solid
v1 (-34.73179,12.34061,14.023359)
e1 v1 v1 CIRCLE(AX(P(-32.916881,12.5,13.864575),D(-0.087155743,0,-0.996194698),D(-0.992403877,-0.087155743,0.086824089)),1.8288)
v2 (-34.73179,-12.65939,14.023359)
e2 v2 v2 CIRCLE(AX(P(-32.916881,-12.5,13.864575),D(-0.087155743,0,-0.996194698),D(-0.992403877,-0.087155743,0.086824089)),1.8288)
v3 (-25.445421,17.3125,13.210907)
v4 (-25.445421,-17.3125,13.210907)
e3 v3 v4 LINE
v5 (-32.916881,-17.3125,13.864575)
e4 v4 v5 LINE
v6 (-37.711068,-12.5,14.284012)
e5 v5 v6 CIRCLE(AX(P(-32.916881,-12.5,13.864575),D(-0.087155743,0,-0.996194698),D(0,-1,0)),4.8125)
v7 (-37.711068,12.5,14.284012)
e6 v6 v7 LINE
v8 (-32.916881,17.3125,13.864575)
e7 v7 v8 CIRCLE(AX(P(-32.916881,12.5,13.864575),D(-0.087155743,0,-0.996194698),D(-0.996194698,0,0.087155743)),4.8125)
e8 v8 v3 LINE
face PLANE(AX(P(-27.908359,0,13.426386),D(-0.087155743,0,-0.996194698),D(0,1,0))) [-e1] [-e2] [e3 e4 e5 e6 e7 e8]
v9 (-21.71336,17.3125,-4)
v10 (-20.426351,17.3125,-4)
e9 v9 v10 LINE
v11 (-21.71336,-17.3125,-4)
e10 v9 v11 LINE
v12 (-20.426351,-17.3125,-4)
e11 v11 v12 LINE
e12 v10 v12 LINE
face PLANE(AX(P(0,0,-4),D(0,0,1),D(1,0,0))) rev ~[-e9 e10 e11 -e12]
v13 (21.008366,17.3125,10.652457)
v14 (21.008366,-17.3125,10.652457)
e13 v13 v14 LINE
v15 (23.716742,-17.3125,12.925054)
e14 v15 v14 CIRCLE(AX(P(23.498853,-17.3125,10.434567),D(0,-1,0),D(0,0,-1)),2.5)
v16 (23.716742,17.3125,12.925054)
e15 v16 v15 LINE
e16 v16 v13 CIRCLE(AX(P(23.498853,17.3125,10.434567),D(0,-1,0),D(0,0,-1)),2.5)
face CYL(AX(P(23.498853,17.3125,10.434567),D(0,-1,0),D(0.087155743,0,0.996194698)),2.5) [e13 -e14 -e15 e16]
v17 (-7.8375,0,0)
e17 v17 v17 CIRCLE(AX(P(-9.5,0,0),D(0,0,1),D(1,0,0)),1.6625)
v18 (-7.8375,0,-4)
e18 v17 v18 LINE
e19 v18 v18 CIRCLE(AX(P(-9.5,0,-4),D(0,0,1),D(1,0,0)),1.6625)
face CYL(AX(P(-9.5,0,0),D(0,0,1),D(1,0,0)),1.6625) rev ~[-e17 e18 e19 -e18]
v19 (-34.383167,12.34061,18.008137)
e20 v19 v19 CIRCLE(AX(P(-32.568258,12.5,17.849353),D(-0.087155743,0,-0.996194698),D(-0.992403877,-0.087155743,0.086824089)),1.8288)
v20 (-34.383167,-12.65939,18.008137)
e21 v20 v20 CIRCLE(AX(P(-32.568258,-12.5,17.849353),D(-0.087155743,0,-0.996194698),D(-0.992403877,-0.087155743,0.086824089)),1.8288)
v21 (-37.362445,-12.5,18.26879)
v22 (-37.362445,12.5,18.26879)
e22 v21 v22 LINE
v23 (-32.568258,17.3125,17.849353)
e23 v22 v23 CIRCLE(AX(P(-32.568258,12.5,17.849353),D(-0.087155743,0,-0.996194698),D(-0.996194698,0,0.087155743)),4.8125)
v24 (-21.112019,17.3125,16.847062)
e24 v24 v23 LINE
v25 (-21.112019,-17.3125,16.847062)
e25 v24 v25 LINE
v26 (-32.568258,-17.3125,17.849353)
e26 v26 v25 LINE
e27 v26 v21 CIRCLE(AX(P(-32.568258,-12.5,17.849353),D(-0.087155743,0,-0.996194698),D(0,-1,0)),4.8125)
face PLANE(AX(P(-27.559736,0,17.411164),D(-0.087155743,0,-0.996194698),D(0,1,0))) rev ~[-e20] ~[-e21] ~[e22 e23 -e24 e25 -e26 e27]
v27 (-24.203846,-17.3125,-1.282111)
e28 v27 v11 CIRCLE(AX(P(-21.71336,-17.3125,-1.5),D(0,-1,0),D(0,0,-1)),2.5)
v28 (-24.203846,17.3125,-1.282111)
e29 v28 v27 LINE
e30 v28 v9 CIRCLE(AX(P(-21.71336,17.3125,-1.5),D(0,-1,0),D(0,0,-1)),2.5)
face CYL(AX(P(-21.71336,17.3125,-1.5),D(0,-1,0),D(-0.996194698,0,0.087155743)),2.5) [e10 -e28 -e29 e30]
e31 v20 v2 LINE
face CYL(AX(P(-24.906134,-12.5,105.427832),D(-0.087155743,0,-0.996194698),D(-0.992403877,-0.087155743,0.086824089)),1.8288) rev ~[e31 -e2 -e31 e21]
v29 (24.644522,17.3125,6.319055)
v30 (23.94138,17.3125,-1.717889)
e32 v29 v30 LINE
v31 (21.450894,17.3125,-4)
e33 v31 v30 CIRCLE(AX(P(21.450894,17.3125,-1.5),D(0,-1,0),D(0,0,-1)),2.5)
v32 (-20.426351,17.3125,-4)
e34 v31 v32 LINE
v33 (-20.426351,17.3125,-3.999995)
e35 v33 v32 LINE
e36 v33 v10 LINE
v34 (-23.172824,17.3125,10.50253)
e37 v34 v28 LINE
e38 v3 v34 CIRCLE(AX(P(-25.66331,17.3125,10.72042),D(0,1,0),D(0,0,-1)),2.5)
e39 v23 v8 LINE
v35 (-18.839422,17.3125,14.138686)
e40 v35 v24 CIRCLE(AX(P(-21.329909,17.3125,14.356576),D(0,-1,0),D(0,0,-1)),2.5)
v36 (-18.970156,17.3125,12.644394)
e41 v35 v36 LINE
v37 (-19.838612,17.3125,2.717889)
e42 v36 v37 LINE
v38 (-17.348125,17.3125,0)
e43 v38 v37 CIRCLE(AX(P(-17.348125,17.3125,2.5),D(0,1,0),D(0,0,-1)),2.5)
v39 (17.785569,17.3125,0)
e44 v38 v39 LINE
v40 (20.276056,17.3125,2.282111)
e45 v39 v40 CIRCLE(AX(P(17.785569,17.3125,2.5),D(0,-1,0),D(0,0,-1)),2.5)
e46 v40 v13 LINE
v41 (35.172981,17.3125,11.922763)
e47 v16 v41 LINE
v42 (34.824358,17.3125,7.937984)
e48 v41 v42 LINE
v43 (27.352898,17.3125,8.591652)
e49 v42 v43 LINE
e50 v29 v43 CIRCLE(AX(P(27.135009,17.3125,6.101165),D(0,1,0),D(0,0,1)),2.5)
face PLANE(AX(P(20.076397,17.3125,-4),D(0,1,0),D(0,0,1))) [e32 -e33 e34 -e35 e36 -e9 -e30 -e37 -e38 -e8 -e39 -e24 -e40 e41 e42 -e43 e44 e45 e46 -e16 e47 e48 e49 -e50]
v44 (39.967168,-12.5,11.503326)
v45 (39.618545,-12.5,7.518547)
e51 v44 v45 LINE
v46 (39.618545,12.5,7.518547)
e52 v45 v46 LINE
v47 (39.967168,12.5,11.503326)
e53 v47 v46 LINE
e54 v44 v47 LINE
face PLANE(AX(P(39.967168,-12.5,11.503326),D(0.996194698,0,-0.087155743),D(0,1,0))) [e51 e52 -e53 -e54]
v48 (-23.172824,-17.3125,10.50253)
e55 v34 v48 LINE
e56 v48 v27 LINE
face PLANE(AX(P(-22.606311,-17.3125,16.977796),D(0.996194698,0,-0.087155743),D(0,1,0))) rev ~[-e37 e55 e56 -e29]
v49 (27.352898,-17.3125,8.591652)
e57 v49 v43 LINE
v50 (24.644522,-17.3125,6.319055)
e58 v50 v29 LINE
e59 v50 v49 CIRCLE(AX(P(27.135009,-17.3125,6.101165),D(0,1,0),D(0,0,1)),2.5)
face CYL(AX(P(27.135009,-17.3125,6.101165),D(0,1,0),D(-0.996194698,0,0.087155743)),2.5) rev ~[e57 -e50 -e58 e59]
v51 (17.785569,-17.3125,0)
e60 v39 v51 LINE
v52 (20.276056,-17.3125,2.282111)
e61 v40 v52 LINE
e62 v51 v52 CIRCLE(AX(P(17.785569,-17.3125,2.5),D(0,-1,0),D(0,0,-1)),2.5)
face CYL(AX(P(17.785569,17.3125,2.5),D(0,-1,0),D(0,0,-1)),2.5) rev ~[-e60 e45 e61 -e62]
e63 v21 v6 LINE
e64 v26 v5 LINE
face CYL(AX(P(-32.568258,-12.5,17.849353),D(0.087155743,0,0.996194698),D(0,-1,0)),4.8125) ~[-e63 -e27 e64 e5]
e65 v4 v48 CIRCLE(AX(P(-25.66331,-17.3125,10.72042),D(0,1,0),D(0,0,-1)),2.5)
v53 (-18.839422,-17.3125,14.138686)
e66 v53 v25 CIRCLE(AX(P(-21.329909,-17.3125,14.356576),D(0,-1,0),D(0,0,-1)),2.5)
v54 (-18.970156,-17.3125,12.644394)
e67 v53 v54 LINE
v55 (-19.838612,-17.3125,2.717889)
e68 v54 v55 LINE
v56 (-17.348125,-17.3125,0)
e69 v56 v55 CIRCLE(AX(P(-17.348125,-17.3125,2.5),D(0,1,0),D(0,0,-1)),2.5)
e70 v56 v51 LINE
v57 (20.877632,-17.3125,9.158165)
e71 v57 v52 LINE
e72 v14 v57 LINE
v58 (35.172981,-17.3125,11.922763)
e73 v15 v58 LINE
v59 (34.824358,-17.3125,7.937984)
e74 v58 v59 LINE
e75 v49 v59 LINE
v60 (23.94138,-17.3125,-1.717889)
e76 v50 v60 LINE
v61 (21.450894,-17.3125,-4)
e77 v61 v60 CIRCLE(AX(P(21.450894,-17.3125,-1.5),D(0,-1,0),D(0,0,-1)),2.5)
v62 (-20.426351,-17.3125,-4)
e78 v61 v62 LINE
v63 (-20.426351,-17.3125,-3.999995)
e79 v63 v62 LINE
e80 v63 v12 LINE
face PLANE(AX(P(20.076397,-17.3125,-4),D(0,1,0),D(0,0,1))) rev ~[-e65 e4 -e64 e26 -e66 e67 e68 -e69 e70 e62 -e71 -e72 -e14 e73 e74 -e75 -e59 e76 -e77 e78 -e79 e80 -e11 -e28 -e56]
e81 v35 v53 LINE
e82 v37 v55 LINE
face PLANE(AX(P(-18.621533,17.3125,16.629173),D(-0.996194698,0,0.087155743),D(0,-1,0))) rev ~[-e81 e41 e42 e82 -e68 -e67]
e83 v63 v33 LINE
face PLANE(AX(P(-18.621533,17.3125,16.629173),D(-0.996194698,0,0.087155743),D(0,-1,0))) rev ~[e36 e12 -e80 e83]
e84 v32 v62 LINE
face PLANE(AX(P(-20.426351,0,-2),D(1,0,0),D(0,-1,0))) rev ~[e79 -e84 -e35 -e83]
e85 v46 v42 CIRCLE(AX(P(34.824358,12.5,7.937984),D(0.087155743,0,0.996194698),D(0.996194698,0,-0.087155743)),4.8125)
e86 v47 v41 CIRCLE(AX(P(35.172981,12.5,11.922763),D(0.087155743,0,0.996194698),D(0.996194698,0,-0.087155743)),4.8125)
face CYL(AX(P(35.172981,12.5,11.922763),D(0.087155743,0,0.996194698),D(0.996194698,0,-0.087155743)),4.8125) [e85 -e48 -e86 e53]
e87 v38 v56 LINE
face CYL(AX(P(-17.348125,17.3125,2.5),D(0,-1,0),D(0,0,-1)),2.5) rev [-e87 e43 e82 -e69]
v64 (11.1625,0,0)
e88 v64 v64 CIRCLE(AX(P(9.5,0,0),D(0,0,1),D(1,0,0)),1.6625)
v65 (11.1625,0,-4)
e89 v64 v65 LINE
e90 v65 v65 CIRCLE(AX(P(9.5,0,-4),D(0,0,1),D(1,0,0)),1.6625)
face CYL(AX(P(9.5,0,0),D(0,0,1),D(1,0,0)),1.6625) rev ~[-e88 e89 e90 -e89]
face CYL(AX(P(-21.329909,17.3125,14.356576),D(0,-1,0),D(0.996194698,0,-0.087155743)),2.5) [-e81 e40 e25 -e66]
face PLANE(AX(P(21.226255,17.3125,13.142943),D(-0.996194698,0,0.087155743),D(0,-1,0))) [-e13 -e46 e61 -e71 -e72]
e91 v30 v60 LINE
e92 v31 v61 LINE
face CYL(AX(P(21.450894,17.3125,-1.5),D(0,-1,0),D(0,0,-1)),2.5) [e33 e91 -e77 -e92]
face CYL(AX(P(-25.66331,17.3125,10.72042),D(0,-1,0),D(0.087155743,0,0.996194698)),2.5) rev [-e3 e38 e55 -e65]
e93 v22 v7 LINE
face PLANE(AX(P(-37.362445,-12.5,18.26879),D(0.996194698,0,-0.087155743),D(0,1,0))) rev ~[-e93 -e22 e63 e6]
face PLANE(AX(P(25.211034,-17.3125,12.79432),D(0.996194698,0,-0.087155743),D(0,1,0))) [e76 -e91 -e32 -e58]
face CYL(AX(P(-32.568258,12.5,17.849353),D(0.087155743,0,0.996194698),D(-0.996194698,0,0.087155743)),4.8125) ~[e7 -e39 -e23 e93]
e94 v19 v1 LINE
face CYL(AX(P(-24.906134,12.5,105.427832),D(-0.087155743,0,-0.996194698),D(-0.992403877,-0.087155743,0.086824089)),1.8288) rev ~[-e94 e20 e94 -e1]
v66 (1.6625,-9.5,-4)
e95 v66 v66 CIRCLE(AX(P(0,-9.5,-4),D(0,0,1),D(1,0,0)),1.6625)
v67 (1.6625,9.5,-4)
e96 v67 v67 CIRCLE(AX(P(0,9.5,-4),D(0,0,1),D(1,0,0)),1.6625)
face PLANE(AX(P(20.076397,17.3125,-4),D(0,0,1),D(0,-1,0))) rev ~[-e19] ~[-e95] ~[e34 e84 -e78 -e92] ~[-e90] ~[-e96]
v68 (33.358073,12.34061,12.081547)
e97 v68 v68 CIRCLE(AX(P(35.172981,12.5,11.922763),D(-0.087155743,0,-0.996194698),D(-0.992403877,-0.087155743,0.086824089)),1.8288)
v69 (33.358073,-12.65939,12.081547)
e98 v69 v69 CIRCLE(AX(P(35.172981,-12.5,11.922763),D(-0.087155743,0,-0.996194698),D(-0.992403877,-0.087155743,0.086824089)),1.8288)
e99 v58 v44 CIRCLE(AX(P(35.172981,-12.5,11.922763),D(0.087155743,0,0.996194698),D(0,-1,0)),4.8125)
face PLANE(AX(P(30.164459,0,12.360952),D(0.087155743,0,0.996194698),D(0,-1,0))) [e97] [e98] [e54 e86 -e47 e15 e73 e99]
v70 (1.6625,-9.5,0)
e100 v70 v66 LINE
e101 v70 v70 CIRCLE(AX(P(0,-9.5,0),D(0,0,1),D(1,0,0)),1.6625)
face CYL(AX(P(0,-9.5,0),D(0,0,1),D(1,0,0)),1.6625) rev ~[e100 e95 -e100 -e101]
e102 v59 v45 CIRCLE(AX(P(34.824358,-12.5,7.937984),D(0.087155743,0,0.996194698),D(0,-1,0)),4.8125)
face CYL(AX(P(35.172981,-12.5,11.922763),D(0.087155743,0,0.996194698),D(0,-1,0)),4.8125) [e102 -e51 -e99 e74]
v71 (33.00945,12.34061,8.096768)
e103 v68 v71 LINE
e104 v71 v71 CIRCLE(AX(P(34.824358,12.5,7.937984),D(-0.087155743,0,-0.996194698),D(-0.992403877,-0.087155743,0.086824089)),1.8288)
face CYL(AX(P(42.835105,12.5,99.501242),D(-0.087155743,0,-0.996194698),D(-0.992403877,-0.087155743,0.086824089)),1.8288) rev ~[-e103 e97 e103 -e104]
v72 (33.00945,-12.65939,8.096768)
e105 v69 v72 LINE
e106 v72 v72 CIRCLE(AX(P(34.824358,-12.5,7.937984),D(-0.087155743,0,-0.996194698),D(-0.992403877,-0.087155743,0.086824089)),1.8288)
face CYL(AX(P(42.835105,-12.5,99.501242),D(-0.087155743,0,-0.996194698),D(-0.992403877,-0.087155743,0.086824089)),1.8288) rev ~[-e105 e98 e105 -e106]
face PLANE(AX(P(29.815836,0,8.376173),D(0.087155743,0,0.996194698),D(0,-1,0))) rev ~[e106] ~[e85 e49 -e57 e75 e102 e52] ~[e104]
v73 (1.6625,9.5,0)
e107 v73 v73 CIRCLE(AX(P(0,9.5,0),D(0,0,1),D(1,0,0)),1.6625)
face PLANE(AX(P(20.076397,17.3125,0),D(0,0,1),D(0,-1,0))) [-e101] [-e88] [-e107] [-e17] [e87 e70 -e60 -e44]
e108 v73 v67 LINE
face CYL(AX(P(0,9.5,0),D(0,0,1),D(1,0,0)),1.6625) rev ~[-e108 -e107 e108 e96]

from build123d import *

# Parameters (mm, degrees)
SKETCH1_W             = 34.625
SKETCH1_H             = 34.625
SKETCH1_R             = 1.6625
BOSS_EXTRUDE1_DEPTH   = 4
BOSS_EXTRUDE2_DEPTH   = 4
BOSS_EXTRUDE2_2_DEPTH = 4
BOSS_EXTRUDE3_REACH   = 48.674
SKETCH7_W             = 4
SKETCH7_H             = 34.625
BOSS_EXTRUDE4_START   = -3.113851
SKETCH8_W             = 34.625
SKETCH8_H             = 4
BOSS_EXTRUDE4_DEPTH   = 3.113851
BOSS_EXTRUDE5_START   = -2.763897
SKETCH9_W             = 34.625
SKETCH9_H             = 4
BOSS_EXTRUDE5_DEPTH   = 2.763897
F_6_CLEARANCE_HOLE1_D = 3.6576
FILLET1_R             = 2.5


with BuildPart() as part:
    # Sketch1 → Boss-Extrude1 (new body)
    with BuildSketch(Plane.XY):
        Rectangle(SKETCH1_W, SKETCH1_H)
        with Locations((0, 9.5)):
            Circle(SKETCH1_R, mode=Mode.SUBTRACT)
        with Locations((9.5, 0)):
            Circle(SKETCH1_R, mode=Mode.SUBTRACT)
        with Locations((-9.5, 0)):
            Circle(SKETCH1_R, mode=Mode.SUBTRACT)
        with Locations((0, -9.5)):
            Circle(SKETCH1_R, mode=Mode.SUBTRACT)
    extrude(amount=-BOSS_EXTRUDE1_DEPTH)



with BuildPart() as body_2:
    # Sketch6 → Boss-Extrude2 (new body)
    with BuildSketch(Plane(origin=(378.277411027, 0, -18.094985133), x_dir=(0, 1, 0), z_dir=(-0.08715574274765159, 0, -0.9961946980917462))):
        with BuildLine():
            Line((-12.5, -417.227533142), (12.5, -417.227533142))
            ThreePointArc((12.5, -417.227533142), (15.902951384, -415.817984526), (17.3125, -412.415033142))
            Line((17.3125, -412.415033142), (17.3125, -398.415033142))
            Line((17.3125, -398.415033142), (-17.3125, -398.415033142))
            Line((-17.3125, -398.415033142), (-17.3125, -412.415033142))
            ThreePointArc((-17.3125, -412.415033142), (-15.902951384, -415.817984526), (-12.5, -417.227533142))
        make_face()
    extrude(amount=BOSS_EXTRUDE2_DEPTH)



with BuildPart() as body_3:
    # Sketch6 → Boss-Extrude2 2 (new body)
    with BuildSketch(Plane(origin=(378.277411027, 0, -18.094985133), x_dir=(0, 1, 0), z_dir=(-0.08715574274765159, 0, -0.9961946980917462))):
        with BuildLine():
            ThreePointArc((12.5, -339.602533142), (15.902951384, -341.012081757), (17.3125, -344.415033142))
            Line((17.3125, -344.415033142), (17.3125, -358.415033142))
            Line((17.3125, -358.415033142), (-17.3125, -358.415033142))
            Line((-17.3125, -358.415033142), (-17.3125, -344.415033142))
            ThreePointArc((-17.3125, -344.415033142), (-15.902951384, -341.012081757), (-12.5, -339.602533142))
            Line((-12.5, -339.602533142), (12.5, -339.602533142))
        make_face()
    extrude(amount=BOSS_EXTRUDE2_2_DEPTH)


with BuildPart() as body_2_1:
    add(body_2.part)

    add(body_3.part)  # Boss-Extrude3 merges body 3
    # Boss-Extrude3: up to this plane
    boss_extrude3_end = Plane(origin=(0, 0, -4), z_dir=(0, 0, 1))
    # Sketch7 → Boss-Extrude3 (add, up to the surface)
    with BuildSketch(Plane(origin=(1.302361333, 0, 14.886058148), x_dir=(-0.9961946980917462, 0, 0.08715574274765159), z_dir=(-0.08715574274765159, 0, -0.9961946980917462)), mode=Mode.PRIVATE) as boss_extrude3_sk1:
        with Locations((22, 0)):
            Rectangle(SKETCH7_W, SKETCH7_H)
    boss_extrude3_tool1 = split(extrude(boss_extrude3_sk1.sketch, amount=BOSS_EXTRUDE3_REACH, mode=Mode.PRIVATE), bisect_by=boss_extrude3_end, keep=Keep.BOTH, mode=Mode.PRIVATE)
    add(boss_extrude3_tool1.solids().sort_by_distance((-20.613922, 0, 16.803484))[0])
    # Sketch7 → Boss-Extrude3 (add, up to the surface)
    with BuildSketch(Plane(origin=(1.302361333, 0, 14.886058148), x_dir=(-0.9961946980917462, 0, 0.08715574274765159), z_dir=(-0.08715574274765159, 0, -0.9961946980917462)), mode=Mode.PRIVATE) as boss_extrude3_sk2:
        with Locations((-22, 0)):
            Rectangle(SKETCH7_W, SKETCH7_H)
    boss_extrude3_tool2 = split(extrude(boss_extrude3_sk2.sketch, amount=BOSS_EXTRUDE3_REACH, mode=Mode.PRIVATE), bisect_by=boss_extrude3_end, keep=Keep.BOTH, mode=Mode.PRIVATE)
    add(boss_extrude3_tool2.solids().sort_by_distance((23.218645, 0, 12.968632))[0])


with BuildPart() as part_1:
    add(part.part)

    add(body_2_1.part)  # Boss-Extrude4 merges body 2
    # Sketch8 → Boss-Extrude4 (add)
    with BuildSketch(Plane(origin=(-17.3125, 0, 0), x_dir=(0, -1, 0), z_dir=(1, 0, 0)).offset(BOSS_EXTRUDE4_START)):
        with Locations((0, 2)):
            Rectangle(SKETCH8_W, SKETCH8_H)
    extrude(amount=BOSS_EXTRUDE4_DEPTH)

    # Sketch9 → Boss-Extrude5 (add)
    with BuildSketch(Plane(origin=(17.3125, 0, 0), x_dir=(0, -1, 0), z_dir=(-1, 0, 0)).offset(BOSS_EXTRUDE5_START)):
        with Locations((0, -2)):
            Rectangle(SKETCH9_W, SKETCH9_H)
    extrude(amount=BOSS_EXTRUDE5_DEPTH)

    # #6 Clearance Hole1 (through all)
    with Locations(Plane(origin=(1.302361333, 0, 14.886058148), x_dir=(0.9924038765061053, 0.08715574274765146, -0.08682408883345863), z_dir=(0.08715574274765155, 0, 0.9961946980917461))):
        with Locations((-34.960066519, -9.489138473), (-32.781172951, 15.41572898), (34.960066519, 9.489138473), (32.781172951, -15.41572898)):
            Hole(F_6_CLEARANCE_HOLE1_D / 2)

    # Fillet1
    fillet1_edges = [part_1.edges().sort_by_distance(p)[0] for p in [
        (24.862411116, 0, 8.809541529),
        (23.741721447, 0, -4),
        (20.076397, 0, 0),
        (-22.954934393, 0, 12.993017181),
        (-20.076396751, 0, 0),
        (-18.621532629, 0, 16.629173003),
        (-24.441630755, 0, -4),
        (21.226255294, 0, 13.142943293),
    ]]
    fillet(fillet1_edges, radius=FILLET1_R)


solid = part_1.part
